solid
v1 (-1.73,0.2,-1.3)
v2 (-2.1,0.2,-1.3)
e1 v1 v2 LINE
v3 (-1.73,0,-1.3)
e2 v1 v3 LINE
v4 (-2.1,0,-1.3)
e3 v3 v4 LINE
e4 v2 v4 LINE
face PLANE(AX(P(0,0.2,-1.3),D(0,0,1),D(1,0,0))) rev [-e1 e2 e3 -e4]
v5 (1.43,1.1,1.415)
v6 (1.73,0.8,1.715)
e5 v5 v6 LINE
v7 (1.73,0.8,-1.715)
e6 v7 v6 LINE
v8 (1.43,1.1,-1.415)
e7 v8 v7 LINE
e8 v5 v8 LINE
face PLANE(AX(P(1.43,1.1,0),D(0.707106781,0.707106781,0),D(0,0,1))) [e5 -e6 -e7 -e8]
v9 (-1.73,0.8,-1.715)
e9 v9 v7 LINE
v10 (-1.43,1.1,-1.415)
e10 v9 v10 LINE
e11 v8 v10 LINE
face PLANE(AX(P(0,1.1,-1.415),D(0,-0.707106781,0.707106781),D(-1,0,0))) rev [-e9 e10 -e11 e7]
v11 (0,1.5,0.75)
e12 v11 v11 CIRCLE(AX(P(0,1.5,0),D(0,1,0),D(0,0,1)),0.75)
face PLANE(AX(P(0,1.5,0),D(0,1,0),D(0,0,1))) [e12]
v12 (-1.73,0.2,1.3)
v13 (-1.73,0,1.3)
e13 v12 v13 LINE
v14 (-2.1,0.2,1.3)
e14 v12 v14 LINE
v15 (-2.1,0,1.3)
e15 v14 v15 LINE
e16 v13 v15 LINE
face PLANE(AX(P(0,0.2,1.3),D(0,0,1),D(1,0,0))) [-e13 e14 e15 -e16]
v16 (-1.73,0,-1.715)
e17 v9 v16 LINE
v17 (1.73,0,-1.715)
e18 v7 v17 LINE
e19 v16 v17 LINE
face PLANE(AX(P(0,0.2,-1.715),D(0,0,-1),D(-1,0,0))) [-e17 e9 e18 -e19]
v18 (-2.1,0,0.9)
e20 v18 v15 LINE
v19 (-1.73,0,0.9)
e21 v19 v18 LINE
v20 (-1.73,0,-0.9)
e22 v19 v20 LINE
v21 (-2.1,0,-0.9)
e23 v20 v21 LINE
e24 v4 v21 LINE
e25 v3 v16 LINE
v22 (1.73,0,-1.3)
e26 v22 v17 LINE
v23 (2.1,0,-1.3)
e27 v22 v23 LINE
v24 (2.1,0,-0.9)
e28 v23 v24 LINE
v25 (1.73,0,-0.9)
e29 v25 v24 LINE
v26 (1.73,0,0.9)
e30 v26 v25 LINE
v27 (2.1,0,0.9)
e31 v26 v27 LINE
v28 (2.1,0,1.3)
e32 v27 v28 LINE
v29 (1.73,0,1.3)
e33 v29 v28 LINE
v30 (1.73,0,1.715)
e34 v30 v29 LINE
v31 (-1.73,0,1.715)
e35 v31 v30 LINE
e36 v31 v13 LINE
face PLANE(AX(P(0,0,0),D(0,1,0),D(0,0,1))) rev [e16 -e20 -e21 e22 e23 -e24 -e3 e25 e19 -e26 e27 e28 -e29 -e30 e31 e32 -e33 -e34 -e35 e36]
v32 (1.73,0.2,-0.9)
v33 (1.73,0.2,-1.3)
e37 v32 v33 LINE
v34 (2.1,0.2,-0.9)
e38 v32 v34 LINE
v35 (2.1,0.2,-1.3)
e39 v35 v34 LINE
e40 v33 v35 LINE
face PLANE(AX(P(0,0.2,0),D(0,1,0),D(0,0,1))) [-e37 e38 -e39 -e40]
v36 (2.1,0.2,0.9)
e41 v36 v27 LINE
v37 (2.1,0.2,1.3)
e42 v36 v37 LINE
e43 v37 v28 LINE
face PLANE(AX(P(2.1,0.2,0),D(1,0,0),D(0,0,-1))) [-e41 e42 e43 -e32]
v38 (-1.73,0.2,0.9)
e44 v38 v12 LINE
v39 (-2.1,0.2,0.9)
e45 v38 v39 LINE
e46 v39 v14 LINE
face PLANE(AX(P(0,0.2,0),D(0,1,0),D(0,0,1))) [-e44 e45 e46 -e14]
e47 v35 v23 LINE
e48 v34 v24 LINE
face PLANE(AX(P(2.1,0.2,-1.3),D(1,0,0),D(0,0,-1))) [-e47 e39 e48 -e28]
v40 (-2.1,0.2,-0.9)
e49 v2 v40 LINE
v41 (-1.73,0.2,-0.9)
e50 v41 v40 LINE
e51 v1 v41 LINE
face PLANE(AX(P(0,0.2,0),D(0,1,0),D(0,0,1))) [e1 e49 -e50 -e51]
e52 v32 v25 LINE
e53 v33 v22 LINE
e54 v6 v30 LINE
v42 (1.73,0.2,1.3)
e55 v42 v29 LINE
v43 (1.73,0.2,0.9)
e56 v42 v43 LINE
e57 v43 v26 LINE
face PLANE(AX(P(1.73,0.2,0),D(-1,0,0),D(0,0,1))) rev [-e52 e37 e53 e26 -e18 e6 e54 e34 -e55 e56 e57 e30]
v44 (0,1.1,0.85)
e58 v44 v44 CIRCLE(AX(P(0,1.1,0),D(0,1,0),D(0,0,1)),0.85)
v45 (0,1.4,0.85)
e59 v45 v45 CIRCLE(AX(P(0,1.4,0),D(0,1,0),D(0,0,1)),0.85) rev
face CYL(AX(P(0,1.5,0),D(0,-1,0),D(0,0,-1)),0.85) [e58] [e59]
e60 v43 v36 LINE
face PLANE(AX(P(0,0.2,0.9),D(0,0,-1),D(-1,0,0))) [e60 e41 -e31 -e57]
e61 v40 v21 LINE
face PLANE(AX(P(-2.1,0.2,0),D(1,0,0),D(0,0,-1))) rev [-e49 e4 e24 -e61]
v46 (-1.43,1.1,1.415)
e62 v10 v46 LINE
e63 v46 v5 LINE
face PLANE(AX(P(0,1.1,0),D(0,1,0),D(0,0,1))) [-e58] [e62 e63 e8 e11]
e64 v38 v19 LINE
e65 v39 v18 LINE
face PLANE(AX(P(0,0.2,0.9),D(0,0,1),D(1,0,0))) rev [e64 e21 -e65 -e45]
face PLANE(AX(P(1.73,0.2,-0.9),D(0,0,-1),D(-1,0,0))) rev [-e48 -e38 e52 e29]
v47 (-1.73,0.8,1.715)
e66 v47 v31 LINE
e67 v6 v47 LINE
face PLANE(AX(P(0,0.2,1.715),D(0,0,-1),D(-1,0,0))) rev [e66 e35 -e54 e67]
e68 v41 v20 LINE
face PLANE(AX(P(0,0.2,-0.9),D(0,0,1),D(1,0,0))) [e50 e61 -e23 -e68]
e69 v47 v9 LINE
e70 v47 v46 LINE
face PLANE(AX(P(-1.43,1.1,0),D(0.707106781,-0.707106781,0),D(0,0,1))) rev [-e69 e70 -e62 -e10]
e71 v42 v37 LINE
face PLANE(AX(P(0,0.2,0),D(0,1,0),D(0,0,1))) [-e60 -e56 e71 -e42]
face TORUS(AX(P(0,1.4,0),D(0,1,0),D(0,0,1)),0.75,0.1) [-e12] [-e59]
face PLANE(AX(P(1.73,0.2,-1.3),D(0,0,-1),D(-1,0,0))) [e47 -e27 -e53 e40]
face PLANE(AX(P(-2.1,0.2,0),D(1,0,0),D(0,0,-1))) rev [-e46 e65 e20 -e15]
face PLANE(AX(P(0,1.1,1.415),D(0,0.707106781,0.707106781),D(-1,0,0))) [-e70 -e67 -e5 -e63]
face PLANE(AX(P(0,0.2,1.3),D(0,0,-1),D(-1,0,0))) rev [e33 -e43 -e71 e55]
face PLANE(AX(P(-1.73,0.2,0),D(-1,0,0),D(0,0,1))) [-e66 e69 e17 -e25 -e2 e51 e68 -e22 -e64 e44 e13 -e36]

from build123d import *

# Parameters (mm, degrees)
SKETCH1_W           = 3.46
SKETCH1_H           = 3.43
SKETCH1_W_2         = 0.37
SKETCH1_H_2         = 0.4
BOSS_EXTRUDE1_DEPTH = 0.2
SKETCH2_W           = 3.46
SKETCH2_H           = 3.43
BOSS_EXTRUDE2_DEPTH = 0.9
CHAMFER1_SIZE       = 0.3
SKETCH3_R           = 0.85
BOSS_EXTRUDE3_DEPTH = 0.4
FILLET1_R           = 0.1


with BuildPart() as part:
    # Sketch1 → Boss-Extrude1 (new body)
    with BuildSketch(Plane(origin=(0, 0, 0), x_dir=(1, 0, 0), z_dir=(0, 1, 0))):
        Rectangle(SKETCH1_W, SKETCH1_H)
        with Locations((1.915, -1.1)):
            Rectangle(SKETCH1_W_2, SKETCH1_H_2)
        with Locations((-1.915, -1.1)):
            Rectangle(SKETCH1_W_2, SKETCH1_H_2)
        with Locations((-1.915, 1.1)):
            Rectangle(SKETCH1_W_2, SKETCH1_H_2)
        with Locations((1.915, 1.1)):
            Rectangle(SKETCH1_W_2, SKETCH1_H_2)
    extrude(amount=BOSS_EXTRUDE1_DEPTH)

    # Sketch2 → Boss-Extrude2 (add)
    with BuildSketch(Plane(origin=(0, 0.2, 0), x_dir=(1, 0, 0), z_dir=(0, 1, 0))):
        Rectangle(SKETCH2_W, SKETCH2_H)
    extrude(amount=BOSS_EXTRUDE2_DEPTH)

    # Chamfer1
    chamfer1_edges = [part.edges().sort_by_distance(p)[0] for p in [
        (-1.73, 1.1, 0),
        (0, 1.1, 1.715),
        (1.73, 1.1, 0),
        (0, 1.1, -1.715),
    ]]
    chamfer(chamfer1_edges, length=CHAMFER1_SIZE)

    # Sketch3 → Boss-Extrude3 (add)
    with BuildSketch(Plane(origin=(0, 1.1, 0), x_dir=(1, 0, 0), z_dir=(0, 1, 0))):
        with Locations(Location((0, 0, 0), (0, 0, 270))):
            Circle(SKETCH3_R)
    extrude(amount=BOSS_EXTRUDE3_DEPTH)

    # Fillet1
    fillet1_edges = [part.edges().sort_by_distance(p)[0] for p in [
        (0, 1.5, -0.85),
    ]]
    fillet(fillet1_edges, radius=FILLET1_R)


solid = part.part
